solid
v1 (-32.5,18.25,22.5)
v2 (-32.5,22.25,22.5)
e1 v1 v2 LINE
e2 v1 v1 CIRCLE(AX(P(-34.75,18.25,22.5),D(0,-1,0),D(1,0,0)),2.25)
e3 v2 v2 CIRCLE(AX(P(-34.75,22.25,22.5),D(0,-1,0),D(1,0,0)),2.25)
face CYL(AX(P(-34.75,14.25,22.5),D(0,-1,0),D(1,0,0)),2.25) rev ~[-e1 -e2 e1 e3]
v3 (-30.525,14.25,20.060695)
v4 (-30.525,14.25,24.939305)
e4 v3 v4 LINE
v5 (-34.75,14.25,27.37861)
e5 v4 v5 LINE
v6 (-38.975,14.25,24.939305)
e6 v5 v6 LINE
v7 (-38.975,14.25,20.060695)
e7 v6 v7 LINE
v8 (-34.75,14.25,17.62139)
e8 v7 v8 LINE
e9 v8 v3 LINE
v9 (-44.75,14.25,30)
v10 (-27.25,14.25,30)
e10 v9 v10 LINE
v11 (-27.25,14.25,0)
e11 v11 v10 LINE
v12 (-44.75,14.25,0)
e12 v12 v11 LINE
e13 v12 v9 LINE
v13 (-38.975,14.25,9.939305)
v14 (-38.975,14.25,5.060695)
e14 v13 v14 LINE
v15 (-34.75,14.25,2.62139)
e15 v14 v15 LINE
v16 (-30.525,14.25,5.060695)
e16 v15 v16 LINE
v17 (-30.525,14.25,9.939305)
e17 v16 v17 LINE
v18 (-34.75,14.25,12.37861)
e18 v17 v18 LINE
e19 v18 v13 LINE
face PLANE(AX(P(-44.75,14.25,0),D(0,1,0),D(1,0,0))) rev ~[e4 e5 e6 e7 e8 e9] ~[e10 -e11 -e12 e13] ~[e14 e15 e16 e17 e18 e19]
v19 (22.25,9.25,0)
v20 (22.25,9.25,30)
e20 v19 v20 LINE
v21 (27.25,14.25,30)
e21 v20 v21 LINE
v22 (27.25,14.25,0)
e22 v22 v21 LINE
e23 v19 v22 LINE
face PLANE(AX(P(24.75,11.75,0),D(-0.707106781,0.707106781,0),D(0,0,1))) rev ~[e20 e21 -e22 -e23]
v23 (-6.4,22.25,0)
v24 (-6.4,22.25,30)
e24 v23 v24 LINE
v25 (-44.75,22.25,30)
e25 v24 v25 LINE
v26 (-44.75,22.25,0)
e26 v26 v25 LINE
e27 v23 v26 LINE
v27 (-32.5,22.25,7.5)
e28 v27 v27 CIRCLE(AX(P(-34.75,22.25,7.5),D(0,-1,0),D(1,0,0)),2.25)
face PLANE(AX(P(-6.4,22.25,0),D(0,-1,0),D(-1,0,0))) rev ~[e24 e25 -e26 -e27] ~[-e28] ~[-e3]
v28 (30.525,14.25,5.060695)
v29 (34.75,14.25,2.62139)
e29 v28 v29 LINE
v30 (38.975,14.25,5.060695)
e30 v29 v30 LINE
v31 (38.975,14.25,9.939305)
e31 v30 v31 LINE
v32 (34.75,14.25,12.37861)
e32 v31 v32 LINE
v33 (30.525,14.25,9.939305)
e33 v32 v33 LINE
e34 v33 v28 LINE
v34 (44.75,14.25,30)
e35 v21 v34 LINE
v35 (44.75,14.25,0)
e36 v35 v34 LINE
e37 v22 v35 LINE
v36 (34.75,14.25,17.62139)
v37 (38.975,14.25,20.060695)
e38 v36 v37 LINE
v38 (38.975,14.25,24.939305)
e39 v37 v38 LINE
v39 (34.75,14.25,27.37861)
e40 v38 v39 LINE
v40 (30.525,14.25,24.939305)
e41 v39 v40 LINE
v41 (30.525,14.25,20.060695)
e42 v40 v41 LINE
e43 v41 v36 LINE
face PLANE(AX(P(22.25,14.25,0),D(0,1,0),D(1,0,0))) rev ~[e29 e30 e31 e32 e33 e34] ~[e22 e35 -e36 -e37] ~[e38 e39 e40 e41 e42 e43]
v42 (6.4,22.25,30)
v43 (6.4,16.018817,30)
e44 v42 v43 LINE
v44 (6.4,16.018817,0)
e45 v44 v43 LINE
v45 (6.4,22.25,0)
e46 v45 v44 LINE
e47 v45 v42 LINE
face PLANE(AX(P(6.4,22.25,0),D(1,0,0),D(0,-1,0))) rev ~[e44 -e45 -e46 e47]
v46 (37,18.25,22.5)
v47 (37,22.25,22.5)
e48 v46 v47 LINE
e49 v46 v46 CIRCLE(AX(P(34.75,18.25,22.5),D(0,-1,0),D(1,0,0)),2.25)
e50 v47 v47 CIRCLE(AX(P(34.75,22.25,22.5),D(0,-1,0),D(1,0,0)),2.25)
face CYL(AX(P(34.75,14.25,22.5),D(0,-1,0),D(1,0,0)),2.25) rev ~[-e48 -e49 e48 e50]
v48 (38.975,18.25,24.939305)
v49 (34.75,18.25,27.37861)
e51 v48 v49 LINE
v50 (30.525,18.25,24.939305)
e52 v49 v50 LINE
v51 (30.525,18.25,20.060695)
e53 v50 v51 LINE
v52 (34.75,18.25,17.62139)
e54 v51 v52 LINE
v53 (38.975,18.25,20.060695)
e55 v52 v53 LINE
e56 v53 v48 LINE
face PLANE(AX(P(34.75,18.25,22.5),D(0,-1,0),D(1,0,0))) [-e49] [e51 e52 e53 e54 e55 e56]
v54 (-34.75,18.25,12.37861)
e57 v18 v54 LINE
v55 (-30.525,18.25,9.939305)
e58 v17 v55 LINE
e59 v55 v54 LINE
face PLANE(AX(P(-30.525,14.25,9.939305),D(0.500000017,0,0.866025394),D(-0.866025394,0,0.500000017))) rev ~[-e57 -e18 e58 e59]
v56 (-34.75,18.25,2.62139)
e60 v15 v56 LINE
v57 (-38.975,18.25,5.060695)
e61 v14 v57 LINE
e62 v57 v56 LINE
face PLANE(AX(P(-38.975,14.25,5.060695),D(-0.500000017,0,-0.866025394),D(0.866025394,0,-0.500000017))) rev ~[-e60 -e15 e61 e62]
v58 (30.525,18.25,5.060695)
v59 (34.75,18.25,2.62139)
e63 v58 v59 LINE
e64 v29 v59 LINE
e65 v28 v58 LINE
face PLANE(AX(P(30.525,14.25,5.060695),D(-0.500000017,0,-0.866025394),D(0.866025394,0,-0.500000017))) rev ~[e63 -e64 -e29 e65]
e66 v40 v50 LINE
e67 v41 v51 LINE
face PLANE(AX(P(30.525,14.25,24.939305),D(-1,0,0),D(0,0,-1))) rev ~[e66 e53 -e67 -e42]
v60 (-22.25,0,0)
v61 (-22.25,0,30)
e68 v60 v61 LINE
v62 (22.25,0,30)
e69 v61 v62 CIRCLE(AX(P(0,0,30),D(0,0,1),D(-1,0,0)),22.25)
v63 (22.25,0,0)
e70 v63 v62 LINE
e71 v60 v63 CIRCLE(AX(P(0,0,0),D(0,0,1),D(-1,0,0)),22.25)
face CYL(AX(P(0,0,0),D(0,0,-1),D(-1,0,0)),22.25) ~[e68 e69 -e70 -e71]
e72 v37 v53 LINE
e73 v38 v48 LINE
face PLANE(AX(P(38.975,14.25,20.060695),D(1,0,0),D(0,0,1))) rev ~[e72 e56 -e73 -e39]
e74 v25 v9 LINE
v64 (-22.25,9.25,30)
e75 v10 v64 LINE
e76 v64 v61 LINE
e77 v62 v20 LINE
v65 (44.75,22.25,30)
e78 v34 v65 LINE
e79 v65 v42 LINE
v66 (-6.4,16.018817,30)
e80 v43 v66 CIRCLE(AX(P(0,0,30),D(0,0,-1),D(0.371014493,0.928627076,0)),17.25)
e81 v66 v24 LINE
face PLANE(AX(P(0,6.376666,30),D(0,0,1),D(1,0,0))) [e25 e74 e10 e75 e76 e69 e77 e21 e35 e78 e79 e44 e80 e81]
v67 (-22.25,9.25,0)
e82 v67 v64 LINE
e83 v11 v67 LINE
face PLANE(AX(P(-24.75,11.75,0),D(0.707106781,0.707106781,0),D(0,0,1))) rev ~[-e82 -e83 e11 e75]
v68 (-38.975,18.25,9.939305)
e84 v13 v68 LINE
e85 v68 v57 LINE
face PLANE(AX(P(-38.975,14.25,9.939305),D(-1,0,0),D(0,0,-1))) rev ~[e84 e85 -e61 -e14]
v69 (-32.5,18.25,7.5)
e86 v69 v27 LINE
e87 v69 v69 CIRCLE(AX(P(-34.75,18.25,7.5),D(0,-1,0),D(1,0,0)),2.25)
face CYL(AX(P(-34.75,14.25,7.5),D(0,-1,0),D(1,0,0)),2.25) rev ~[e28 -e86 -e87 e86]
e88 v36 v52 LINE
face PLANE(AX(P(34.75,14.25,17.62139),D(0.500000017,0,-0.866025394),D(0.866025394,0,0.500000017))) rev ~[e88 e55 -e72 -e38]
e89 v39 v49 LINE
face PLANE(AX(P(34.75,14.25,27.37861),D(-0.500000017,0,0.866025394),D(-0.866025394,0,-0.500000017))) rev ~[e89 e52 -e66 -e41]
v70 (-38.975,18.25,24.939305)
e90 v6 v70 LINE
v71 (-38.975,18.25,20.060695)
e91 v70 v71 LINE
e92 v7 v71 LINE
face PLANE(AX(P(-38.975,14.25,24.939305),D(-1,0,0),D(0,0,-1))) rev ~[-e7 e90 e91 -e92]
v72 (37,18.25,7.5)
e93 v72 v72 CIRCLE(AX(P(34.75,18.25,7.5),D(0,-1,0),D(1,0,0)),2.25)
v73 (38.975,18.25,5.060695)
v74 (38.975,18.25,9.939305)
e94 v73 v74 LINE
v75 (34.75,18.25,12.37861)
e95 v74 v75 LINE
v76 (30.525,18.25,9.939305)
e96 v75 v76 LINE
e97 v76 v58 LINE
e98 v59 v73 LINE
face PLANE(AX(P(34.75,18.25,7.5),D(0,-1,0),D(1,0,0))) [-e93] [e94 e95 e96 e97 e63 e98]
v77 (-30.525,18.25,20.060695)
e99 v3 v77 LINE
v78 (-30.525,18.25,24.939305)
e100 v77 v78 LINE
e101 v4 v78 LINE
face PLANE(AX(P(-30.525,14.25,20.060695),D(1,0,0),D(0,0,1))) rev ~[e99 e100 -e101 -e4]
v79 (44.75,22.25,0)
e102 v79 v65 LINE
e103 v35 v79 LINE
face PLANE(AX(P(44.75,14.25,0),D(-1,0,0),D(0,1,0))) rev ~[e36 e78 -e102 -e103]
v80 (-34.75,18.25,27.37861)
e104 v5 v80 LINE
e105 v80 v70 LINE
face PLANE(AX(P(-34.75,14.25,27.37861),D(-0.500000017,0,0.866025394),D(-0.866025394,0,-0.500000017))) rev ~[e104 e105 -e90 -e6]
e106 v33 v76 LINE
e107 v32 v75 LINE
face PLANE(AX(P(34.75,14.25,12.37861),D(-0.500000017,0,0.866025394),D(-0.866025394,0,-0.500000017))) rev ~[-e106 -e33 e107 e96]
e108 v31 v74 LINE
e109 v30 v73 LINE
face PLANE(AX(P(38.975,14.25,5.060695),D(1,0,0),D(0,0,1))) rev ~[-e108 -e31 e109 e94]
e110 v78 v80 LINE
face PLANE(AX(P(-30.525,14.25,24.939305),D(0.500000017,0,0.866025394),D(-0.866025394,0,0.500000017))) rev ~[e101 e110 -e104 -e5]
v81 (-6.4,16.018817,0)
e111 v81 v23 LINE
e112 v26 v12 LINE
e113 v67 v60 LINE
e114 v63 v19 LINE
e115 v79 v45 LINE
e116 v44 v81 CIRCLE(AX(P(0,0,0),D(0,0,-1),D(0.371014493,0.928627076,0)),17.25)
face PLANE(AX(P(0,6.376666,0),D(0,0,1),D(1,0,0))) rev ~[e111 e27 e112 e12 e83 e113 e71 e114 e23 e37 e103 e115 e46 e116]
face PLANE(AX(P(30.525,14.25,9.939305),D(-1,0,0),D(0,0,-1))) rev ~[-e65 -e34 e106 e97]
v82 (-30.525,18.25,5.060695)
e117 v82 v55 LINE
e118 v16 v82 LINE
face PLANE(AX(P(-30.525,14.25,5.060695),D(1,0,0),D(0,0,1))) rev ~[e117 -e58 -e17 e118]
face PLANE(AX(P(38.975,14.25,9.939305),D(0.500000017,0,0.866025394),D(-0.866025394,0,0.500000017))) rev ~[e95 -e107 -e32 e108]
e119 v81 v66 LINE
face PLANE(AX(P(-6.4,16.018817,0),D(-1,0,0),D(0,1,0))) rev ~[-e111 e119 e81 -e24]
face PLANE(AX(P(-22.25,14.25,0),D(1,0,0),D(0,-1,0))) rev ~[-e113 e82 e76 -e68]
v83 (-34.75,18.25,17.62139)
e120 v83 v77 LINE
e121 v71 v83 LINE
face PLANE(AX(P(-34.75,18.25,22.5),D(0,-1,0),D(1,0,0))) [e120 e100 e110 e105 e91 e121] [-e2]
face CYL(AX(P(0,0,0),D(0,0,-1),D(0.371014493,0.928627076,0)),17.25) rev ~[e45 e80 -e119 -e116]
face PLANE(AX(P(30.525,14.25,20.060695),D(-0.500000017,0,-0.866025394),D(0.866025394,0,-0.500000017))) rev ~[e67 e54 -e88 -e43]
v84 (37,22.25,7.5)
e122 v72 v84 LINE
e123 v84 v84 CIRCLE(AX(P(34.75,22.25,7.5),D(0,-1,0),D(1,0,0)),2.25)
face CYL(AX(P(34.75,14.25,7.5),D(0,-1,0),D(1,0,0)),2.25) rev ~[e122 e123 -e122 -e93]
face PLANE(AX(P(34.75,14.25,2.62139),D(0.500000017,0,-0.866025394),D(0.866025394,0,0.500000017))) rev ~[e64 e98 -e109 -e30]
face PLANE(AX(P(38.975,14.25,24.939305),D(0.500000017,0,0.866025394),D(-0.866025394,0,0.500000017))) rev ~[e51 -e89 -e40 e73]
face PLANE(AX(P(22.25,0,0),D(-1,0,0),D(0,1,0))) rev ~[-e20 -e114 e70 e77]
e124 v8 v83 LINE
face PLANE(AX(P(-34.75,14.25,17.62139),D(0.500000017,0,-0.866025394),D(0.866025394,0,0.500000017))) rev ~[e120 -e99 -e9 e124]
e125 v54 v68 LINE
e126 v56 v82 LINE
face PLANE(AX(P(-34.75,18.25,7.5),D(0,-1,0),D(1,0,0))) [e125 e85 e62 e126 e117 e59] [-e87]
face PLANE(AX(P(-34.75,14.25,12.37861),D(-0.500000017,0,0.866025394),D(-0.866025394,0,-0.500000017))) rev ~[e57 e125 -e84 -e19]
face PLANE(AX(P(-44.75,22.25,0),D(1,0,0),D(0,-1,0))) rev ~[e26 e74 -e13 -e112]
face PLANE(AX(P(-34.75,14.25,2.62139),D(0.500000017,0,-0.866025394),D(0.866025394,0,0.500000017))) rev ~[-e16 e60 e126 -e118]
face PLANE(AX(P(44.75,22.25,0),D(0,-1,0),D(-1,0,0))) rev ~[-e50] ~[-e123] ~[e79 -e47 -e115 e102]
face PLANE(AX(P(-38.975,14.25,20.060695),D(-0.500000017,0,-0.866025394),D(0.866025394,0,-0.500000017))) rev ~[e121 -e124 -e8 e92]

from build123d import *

# Parameters (mm, degrees)
F1_DEPTH = 30
F2_R     = 2.25
F3_DEPTH = 25
F5_DEPTH = 4
F6_SIZE  = 5


with BuildPart() as f1:
    # F0 (on Top) → F1 (new body)
    with BuildSketch(Plane.XY):
        with BuildLine():
            ThreePointArc((6.4, 16.018817), (0, -17.25), (-6.4, 16.018817))
            Line((-6.4, 16.018817), (-6.4, 22.25))
            Line((-6.4, 22.25), (-44.75, 22.25))
            Line((-44.75, 22.25), (-44.75, 14.25))
            Line((-44.75, 14.25), (-22.25, 14.25))
            Line((-22.25, 14.25), (-22.25, 0))
            ThreePointArc((-22.25, 0), (0, -22.25), (22.25, 0))
            Line((22.25, 0), (22.25, 14.25))
            Line((22.25, 14.25), (44.75, 14.25))
            Line((44.75, 14.25), (44.75, 22.25))
            Line((44.75, 22.25), (6.4, 22.25))
            Line((6.4, 22.25), (6.4, 16.018817))
        make_face()
    extrude(amount=F1_DEPTH)

    # F2 (on face) → F3 (cut)
    with BuildSketch(Plane.XZ.offset(-14.25)):
        with Locations((-34.75, 22.5)):
            Circle(F2_R)
        with Locations((-34.75, 7.5)):
            Circle(F2_R)
        with Locations((34.75, 22.5)):
            Circle(F2_R)
        with Locations((34.75, 7.5)):
            Circle(F2_R)
    extrude(amount=-F3_DEPTH, mode=Mode.SUBTRACT)

    # F4 (on face) → F5 (cut)
    with BuildSketch(Plane.XZ.offset(-14.25)):
        Polygon((-30.525, 20.060695), (-30.525, 24.939305), (-34.75, 27.37861), (-38.975, 24.939305), (-38.975, 20.060695), (-34.75, 17.62139), align=None)
        Polygon((-30.525, 5.060695), (-30.525, 9.939305), (-34.75, 12.37861), (-38.975, 9.939305), (-38.975, 5.060695), (-34.75, 2.62139), align=None)
        Polygon((38.975, 5.060695), (38.975, 9.939305), (34.75, 12.37861), (30.525, 9.939305), (30.525, 5.060695), (34.75, 2.62139), align=None)
        Polygon((34.75, 27.37861), (30.525, 24.939305), (30.525, 20.060695), (34.75, 17.62139), (38.975, 20.060695), (38.975, 24.939305), align=None)
    extrude(amount=-F5_DEPTH, mode=Mode.SUBTRACT)

    # F6
    f6_edges = [f1.edges().sort_by_distance(p)[0] for p in [
        (-22.25, 14.25, 15),
        (22.25, 14.25, 15),
    ]]
    chamfer(f6_edges, length=F6_SIZE)


solid = f1.part
